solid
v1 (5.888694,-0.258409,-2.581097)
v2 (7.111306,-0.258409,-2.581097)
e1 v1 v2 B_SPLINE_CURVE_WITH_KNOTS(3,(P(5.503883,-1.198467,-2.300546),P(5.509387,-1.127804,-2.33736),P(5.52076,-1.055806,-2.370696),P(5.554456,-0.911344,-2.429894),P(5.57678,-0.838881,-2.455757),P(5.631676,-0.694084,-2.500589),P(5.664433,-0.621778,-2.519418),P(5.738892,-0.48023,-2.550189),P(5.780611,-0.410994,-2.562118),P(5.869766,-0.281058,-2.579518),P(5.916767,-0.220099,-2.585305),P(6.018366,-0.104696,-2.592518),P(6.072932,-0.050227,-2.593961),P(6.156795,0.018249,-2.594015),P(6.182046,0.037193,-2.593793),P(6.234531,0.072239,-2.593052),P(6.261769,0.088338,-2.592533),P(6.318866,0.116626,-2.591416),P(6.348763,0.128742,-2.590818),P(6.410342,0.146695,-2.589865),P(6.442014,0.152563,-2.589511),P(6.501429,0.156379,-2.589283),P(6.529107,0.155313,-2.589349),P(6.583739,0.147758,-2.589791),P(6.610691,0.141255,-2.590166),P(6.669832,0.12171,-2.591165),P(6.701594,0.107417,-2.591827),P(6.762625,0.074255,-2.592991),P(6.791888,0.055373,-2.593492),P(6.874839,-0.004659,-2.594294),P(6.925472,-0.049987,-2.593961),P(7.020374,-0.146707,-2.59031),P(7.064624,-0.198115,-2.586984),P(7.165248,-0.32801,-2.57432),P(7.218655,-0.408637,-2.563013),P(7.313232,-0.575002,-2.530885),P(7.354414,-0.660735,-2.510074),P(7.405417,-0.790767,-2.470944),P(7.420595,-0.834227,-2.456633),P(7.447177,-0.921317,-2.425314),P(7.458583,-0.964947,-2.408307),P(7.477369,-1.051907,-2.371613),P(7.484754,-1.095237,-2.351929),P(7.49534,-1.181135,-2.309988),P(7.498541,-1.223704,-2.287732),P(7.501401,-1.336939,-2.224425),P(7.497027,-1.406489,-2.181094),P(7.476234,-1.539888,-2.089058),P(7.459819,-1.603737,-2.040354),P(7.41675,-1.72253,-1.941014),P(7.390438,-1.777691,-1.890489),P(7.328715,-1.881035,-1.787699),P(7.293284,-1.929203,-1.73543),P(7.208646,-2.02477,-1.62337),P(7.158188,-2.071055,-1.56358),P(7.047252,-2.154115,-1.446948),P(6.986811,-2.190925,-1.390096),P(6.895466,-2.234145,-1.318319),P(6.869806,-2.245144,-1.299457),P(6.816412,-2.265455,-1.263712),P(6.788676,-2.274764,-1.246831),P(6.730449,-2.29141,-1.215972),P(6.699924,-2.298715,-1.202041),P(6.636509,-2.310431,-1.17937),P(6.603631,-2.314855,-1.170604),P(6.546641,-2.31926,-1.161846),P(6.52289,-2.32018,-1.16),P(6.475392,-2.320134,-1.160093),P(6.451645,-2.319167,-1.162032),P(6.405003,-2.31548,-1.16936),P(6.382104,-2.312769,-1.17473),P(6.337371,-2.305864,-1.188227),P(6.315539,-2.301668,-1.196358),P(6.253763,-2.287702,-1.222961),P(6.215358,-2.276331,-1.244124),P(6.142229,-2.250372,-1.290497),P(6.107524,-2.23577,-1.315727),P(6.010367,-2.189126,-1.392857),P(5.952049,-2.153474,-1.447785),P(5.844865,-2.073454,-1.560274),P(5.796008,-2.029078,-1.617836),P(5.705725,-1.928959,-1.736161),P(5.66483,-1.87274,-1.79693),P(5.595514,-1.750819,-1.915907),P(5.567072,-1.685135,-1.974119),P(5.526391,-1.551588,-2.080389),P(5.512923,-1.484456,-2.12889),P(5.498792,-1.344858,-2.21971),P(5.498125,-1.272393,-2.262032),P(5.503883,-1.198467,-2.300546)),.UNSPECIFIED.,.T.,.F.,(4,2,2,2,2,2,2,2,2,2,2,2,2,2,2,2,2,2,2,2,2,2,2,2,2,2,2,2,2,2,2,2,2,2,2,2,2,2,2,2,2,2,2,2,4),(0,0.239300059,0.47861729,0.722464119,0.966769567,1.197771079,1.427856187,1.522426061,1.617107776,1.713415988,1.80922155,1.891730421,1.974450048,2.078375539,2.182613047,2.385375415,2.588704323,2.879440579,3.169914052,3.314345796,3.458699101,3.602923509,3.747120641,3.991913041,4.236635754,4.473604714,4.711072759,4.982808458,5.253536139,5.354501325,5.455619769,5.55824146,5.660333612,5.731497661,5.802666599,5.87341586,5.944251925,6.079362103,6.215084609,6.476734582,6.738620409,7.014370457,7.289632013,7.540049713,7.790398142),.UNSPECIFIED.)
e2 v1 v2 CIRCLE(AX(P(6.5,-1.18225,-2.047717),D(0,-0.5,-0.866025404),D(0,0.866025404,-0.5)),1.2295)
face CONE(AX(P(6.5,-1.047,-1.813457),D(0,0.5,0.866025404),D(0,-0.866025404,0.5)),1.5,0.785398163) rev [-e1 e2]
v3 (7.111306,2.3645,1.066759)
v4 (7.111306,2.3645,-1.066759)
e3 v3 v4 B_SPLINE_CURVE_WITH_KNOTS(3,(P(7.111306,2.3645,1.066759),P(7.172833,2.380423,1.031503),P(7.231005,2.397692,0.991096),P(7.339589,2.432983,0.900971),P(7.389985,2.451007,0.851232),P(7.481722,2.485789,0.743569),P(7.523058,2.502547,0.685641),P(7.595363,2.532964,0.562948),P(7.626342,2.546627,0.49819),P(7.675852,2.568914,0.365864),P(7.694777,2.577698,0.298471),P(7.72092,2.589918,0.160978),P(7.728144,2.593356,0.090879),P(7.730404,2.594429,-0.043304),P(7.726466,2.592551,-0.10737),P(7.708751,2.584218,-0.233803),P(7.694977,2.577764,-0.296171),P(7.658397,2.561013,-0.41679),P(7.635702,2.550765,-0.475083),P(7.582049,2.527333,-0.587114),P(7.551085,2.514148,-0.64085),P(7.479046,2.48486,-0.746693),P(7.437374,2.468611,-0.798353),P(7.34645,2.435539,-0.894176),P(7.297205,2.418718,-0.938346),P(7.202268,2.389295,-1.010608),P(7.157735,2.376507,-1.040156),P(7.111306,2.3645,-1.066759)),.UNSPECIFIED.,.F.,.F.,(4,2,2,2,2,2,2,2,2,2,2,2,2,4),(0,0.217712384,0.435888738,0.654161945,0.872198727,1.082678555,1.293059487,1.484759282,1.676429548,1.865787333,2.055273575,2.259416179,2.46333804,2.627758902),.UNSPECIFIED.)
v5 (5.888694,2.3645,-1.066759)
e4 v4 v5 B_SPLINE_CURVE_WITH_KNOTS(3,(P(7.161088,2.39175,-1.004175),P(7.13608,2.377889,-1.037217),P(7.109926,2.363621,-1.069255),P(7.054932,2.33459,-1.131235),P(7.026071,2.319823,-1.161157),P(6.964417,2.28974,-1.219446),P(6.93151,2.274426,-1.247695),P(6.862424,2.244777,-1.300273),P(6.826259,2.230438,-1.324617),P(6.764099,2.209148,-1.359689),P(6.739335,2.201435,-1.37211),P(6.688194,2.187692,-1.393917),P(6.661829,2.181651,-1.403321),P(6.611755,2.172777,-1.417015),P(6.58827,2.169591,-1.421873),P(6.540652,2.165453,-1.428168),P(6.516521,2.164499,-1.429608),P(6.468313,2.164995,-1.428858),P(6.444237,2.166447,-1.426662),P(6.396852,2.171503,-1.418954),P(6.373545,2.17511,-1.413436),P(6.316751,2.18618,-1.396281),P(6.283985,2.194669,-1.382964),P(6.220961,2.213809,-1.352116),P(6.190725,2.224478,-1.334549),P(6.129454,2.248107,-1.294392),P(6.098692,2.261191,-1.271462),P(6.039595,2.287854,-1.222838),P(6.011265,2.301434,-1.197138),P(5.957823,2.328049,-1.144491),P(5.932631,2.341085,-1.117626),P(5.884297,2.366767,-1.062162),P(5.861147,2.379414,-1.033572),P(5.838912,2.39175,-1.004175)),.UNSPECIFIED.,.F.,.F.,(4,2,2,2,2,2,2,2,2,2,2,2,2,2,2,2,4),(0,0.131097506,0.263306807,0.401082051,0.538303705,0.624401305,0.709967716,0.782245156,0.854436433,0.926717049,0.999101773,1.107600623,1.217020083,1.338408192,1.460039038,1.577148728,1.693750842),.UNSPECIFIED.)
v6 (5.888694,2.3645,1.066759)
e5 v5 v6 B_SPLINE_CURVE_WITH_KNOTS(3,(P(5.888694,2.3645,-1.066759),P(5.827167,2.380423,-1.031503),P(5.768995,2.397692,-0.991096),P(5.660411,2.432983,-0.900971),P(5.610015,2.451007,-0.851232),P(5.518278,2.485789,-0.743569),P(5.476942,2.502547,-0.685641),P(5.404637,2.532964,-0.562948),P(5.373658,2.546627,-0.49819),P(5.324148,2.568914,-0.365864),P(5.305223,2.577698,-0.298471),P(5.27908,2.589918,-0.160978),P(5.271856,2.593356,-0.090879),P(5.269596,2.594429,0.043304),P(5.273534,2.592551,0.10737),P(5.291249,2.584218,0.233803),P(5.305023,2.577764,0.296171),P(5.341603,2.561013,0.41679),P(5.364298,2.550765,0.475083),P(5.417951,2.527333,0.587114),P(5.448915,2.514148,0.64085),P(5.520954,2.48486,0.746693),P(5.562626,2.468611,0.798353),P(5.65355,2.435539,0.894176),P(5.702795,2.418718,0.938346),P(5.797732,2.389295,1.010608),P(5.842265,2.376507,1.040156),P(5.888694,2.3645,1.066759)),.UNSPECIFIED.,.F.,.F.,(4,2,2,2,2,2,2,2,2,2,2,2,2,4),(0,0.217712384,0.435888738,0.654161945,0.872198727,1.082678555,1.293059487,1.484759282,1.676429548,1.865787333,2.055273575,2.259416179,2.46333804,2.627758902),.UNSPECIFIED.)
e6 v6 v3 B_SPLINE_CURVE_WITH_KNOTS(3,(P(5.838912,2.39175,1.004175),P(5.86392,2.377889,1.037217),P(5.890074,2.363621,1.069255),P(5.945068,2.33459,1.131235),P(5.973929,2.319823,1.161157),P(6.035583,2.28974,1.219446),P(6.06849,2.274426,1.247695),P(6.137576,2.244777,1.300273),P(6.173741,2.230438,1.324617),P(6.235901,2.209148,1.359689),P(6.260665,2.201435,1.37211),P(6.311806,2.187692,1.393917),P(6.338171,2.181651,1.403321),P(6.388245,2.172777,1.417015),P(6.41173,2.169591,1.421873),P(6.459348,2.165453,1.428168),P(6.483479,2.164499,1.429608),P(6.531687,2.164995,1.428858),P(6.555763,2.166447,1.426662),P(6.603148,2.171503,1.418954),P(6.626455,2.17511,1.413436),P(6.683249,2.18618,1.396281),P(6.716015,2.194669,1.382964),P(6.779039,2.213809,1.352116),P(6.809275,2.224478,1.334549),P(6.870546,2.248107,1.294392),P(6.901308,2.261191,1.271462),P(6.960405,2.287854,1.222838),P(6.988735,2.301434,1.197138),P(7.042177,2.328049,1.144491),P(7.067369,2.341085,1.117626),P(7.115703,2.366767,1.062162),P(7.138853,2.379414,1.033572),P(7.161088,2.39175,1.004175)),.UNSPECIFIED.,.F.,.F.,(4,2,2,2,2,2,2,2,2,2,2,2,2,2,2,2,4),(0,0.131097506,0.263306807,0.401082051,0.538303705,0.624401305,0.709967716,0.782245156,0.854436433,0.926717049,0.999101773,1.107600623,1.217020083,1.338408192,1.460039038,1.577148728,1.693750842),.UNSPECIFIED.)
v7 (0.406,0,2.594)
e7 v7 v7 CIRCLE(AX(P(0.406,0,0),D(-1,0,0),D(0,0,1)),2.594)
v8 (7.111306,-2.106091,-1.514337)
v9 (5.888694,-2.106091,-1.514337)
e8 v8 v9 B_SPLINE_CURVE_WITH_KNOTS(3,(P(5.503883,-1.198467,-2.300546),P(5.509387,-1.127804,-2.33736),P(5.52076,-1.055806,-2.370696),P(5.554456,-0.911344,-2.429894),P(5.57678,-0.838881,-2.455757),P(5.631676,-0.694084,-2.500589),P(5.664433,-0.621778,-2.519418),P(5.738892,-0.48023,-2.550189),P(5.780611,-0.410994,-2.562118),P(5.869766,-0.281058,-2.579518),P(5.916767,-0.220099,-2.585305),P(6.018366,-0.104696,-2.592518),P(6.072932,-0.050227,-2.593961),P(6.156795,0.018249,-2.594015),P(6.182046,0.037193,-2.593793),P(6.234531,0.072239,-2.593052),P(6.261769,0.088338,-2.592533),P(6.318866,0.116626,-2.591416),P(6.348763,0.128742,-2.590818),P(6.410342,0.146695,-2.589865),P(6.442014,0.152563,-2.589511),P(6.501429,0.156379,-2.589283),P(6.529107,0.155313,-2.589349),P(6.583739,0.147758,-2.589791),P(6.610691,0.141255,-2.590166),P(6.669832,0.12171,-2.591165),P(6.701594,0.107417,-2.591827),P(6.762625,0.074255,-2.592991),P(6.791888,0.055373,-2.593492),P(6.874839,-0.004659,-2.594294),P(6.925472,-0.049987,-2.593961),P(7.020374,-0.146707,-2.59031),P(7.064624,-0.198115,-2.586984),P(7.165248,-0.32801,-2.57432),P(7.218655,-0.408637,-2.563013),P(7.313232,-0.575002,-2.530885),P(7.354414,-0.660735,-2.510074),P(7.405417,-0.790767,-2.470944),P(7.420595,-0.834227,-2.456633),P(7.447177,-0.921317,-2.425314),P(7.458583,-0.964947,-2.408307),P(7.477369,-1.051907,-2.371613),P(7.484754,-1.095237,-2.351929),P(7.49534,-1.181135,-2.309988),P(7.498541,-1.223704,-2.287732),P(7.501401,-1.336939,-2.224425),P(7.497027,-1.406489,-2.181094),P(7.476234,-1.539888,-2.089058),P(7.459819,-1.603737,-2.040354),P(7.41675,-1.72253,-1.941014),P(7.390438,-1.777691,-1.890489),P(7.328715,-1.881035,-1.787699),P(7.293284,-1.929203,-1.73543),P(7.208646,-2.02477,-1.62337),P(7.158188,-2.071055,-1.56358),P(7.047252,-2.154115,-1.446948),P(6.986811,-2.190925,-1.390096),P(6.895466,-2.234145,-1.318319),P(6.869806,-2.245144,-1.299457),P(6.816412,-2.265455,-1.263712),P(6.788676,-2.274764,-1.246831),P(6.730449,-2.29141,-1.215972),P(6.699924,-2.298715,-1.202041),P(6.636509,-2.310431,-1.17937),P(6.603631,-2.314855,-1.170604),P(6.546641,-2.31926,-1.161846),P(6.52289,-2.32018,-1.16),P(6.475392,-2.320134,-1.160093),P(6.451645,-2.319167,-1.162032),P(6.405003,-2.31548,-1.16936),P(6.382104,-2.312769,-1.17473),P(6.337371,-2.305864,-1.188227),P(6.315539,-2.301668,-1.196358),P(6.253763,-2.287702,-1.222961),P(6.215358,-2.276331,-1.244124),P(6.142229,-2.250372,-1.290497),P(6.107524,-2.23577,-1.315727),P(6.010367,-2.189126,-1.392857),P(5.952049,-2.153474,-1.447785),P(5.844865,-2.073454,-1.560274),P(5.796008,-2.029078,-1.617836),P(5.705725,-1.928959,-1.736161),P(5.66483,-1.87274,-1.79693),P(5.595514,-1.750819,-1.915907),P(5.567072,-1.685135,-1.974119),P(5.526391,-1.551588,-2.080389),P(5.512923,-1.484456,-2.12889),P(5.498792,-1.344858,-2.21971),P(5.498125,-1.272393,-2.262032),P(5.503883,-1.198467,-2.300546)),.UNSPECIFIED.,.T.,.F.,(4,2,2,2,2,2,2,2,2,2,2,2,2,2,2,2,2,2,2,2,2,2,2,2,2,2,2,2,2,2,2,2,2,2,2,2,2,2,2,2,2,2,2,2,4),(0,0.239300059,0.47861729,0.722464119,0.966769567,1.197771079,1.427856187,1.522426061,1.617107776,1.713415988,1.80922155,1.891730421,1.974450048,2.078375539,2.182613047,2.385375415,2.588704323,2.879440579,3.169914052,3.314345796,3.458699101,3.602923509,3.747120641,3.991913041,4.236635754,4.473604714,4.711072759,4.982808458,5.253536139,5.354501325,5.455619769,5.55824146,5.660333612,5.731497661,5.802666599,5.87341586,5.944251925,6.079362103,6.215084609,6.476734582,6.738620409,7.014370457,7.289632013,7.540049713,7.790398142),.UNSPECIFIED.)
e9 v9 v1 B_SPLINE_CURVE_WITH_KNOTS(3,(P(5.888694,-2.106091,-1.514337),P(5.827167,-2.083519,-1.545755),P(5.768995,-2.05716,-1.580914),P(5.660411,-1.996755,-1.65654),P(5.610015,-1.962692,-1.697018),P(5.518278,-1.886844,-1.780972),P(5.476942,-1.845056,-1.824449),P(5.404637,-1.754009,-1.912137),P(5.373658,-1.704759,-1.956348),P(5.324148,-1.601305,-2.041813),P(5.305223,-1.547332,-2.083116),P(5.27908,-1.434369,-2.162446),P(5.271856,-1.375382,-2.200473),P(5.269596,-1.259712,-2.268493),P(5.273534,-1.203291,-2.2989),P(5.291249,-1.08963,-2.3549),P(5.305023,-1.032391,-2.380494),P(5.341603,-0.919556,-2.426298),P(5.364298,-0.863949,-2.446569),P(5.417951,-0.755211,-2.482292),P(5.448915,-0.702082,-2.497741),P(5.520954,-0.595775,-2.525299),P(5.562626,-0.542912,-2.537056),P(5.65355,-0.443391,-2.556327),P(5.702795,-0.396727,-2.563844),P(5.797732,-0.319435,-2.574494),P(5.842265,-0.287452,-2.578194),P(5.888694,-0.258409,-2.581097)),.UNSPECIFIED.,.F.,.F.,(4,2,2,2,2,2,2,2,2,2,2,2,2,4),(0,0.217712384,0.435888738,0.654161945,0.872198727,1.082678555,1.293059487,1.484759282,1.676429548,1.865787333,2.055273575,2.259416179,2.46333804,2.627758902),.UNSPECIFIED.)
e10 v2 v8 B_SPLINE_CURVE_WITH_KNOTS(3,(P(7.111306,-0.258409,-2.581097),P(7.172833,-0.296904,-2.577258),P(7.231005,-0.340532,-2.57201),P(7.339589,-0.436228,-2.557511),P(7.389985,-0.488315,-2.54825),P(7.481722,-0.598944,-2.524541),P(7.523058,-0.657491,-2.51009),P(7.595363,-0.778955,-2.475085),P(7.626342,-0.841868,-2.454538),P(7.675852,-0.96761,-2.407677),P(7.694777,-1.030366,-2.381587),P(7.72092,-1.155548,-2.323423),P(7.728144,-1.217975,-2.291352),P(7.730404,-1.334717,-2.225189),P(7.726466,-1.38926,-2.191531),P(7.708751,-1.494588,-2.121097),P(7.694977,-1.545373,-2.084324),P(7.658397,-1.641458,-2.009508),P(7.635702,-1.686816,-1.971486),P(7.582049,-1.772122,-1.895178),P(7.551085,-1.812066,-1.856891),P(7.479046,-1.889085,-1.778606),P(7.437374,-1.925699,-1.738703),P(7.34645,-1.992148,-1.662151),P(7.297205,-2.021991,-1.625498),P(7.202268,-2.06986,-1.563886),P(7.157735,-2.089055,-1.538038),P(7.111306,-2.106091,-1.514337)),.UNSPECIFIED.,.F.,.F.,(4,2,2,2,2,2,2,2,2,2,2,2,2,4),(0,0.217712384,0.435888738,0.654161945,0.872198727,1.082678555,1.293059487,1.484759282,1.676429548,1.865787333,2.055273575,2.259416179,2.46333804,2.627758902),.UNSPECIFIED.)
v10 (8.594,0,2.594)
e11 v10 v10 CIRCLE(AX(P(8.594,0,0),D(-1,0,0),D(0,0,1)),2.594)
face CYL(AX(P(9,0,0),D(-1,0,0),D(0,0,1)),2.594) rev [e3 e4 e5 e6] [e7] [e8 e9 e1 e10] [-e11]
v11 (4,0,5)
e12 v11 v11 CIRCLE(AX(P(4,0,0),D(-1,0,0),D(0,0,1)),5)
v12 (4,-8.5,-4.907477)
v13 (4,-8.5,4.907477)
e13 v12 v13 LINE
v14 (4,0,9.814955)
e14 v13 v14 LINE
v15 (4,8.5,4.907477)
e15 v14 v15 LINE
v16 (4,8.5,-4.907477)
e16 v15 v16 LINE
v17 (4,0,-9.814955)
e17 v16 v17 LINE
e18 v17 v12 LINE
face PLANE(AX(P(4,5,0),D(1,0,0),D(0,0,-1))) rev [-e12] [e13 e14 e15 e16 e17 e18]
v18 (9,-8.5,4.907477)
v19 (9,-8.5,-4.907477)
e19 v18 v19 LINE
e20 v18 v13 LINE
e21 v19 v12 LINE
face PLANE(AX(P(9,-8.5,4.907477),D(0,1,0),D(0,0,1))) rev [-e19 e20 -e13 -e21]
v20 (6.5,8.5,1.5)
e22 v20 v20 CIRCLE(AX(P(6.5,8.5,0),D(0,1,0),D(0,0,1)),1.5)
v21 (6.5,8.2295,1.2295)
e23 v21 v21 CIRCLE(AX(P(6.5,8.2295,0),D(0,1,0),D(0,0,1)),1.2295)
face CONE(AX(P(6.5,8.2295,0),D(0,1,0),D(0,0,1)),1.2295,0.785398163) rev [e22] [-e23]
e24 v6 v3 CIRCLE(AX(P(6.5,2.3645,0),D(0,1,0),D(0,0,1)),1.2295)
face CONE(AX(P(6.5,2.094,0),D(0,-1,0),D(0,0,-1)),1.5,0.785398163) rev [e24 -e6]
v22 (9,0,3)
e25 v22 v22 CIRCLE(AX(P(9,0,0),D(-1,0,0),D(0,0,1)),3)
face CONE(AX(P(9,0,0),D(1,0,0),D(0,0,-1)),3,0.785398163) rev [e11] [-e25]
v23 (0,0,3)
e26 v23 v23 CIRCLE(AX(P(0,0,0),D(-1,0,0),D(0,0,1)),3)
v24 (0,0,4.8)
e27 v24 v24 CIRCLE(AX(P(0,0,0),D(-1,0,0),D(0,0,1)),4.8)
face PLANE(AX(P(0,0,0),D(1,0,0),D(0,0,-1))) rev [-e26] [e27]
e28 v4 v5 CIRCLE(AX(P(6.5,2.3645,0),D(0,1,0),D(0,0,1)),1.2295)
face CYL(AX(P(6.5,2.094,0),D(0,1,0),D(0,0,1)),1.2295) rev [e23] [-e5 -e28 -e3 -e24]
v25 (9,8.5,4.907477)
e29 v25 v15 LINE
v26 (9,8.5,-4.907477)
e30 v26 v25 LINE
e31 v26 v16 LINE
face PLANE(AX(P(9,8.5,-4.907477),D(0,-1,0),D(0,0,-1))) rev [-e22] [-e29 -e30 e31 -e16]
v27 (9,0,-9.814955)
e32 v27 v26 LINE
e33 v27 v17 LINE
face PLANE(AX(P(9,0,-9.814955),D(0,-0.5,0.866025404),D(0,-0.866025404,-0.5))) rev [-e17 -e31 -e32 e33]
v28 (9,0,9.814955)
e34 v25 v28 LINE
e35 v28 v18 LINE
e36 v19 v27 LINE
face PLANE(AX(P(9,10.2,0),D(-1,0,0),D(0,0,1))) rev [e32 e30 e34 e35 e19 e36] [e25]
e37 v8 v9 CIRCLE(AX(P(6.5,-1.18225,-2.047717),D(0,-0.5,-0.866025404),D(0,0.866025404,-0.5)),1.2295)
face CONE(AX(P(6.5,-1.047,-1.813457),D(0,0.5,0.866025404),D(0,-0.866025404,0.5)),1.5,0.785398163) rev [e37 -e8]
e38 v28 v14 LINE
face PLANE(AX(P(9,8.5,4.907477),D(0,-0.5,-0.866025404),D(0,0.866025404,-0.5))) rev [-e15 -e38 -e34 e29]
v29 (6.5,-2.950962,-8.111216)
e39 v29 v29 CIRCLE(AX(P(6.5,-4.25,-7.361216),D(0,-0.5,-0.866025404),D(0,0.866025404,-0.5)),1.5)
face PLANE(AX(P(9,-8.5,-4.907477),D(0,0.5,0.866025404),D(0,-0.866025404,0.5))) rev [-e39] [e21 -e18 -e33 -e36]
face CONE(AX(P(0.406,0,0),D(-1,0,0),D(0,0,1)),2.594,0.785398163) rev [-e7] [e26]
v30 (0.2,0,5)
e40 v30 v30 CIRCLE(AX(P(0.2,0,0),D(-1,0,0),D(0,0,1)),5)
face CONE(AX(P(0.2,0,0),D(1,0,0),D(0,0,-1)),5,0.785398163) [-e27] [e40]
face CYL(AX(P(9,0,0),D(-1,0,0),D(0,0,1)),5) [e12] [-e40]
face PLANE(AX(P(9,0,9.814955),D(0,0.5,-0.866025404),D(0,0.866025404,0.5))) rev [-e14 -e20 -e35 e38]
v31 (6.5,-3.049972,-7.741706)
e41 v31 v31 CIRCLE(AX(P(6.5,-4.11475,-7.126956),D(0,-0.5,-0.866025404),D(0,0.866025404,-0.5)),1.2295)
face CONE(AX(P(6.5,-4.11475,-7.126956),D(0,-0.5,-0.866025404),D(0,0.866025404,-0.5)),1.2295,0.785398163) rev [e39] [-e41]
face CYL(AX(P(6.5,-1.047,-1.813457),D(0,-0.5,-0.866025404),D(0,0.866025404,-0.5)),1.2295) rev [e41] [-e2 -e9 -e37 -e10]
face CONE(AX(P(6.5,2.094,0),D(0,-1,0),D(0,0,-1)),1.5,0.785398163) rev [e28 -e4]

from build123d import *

# Parameters (mm, degrees)
SKETCH3_W          = 34
SKETCH3_H          = 34
CUT_EXTRUDE1_DEPTH = 9


with BuildPart() as part:
    # Sketch1 → Revolve1 (revolve)
    with BuildSketch(Plane.XY):
        Polygon((0, 0), (0, 4.8), (0.2, 5), (4, 5), (4, 10.2), (9, 10.2), (9, 0), align=None)
    revolve(axis=Axis((9, 0, 0), (-1, 0, 0)))

    # Sketch2 → Cut-Revolve1 (revolve, cut)
    with BuildSketch(Plane.XY):
        Polygon((0, 0), (0, 3), (0.406, 2.594), (8.594, 2.594), (9, 3), (9, 0), align=None)
    revolve(axis=Axis((9, 0, 0), (-1, 0, 0)), mode=Mode.SUBTRACT)

    # Sketch3 → Cut-Extrude1 (cut)
    with BuildSketch(Plane(origin=(0, 0, 0), x_dir=(0, 0, -1), z_dir=(1, 0, 0))):
        Rectangle(SKETCH3_W, SKETCH3_H)
        Polygon((-9.814954576, 0), (-4.907477288, -8.5), (4.907477288, -8.5), (9.814954576, 0), (4.907477288, 8.5), (-4.907477288, 8.5), align=None, mode=Mode.SUBTRACT)
    extrude(amount=CUT_EXTRUDE1_DEPTH, mode=Mode.SUBTRACT)

    # Sketch4 → Cut-Revolve2 (revolve, cut)
    with BuildSketch(Plane(origin=(6.5, 0, 0), x_dir=(0, 0, -1), z_dir=(1, 0, 0))):
        Polygon((0, 8.5), (1.5, 8.5), (1.2295, 8.2295), (1.2295, 2.3645), (1.5, 2.094), (0, 2.094), align=None)
    revolve(axis=Axis((6.5, 2.094, 0), (0, 1, 0)), mode=Mode.SUBTRACT)

    # Sketch5 → Cut-Revolve3 (revolve, cut)
    with BuildSketch(Plane(origin=(6.5, 0, 0), x_dir=(0, 0, -1), z_dir=(1, 0, 0))):
        Polygon((7.361215932, -4.25), (6.611215932, -5.549038106), (6.51220606, -5.179528234), (1.432967067, -2.247028234), (1.063457196, -2.346038106), (1.813457196, -1.047), align=None)
    revolve(axis=Axis((6.5, -1.047, -1.813457196), (0, -0.5, -0.866025404)), mode=Mode.SUBTRACT)


solid = part.part
